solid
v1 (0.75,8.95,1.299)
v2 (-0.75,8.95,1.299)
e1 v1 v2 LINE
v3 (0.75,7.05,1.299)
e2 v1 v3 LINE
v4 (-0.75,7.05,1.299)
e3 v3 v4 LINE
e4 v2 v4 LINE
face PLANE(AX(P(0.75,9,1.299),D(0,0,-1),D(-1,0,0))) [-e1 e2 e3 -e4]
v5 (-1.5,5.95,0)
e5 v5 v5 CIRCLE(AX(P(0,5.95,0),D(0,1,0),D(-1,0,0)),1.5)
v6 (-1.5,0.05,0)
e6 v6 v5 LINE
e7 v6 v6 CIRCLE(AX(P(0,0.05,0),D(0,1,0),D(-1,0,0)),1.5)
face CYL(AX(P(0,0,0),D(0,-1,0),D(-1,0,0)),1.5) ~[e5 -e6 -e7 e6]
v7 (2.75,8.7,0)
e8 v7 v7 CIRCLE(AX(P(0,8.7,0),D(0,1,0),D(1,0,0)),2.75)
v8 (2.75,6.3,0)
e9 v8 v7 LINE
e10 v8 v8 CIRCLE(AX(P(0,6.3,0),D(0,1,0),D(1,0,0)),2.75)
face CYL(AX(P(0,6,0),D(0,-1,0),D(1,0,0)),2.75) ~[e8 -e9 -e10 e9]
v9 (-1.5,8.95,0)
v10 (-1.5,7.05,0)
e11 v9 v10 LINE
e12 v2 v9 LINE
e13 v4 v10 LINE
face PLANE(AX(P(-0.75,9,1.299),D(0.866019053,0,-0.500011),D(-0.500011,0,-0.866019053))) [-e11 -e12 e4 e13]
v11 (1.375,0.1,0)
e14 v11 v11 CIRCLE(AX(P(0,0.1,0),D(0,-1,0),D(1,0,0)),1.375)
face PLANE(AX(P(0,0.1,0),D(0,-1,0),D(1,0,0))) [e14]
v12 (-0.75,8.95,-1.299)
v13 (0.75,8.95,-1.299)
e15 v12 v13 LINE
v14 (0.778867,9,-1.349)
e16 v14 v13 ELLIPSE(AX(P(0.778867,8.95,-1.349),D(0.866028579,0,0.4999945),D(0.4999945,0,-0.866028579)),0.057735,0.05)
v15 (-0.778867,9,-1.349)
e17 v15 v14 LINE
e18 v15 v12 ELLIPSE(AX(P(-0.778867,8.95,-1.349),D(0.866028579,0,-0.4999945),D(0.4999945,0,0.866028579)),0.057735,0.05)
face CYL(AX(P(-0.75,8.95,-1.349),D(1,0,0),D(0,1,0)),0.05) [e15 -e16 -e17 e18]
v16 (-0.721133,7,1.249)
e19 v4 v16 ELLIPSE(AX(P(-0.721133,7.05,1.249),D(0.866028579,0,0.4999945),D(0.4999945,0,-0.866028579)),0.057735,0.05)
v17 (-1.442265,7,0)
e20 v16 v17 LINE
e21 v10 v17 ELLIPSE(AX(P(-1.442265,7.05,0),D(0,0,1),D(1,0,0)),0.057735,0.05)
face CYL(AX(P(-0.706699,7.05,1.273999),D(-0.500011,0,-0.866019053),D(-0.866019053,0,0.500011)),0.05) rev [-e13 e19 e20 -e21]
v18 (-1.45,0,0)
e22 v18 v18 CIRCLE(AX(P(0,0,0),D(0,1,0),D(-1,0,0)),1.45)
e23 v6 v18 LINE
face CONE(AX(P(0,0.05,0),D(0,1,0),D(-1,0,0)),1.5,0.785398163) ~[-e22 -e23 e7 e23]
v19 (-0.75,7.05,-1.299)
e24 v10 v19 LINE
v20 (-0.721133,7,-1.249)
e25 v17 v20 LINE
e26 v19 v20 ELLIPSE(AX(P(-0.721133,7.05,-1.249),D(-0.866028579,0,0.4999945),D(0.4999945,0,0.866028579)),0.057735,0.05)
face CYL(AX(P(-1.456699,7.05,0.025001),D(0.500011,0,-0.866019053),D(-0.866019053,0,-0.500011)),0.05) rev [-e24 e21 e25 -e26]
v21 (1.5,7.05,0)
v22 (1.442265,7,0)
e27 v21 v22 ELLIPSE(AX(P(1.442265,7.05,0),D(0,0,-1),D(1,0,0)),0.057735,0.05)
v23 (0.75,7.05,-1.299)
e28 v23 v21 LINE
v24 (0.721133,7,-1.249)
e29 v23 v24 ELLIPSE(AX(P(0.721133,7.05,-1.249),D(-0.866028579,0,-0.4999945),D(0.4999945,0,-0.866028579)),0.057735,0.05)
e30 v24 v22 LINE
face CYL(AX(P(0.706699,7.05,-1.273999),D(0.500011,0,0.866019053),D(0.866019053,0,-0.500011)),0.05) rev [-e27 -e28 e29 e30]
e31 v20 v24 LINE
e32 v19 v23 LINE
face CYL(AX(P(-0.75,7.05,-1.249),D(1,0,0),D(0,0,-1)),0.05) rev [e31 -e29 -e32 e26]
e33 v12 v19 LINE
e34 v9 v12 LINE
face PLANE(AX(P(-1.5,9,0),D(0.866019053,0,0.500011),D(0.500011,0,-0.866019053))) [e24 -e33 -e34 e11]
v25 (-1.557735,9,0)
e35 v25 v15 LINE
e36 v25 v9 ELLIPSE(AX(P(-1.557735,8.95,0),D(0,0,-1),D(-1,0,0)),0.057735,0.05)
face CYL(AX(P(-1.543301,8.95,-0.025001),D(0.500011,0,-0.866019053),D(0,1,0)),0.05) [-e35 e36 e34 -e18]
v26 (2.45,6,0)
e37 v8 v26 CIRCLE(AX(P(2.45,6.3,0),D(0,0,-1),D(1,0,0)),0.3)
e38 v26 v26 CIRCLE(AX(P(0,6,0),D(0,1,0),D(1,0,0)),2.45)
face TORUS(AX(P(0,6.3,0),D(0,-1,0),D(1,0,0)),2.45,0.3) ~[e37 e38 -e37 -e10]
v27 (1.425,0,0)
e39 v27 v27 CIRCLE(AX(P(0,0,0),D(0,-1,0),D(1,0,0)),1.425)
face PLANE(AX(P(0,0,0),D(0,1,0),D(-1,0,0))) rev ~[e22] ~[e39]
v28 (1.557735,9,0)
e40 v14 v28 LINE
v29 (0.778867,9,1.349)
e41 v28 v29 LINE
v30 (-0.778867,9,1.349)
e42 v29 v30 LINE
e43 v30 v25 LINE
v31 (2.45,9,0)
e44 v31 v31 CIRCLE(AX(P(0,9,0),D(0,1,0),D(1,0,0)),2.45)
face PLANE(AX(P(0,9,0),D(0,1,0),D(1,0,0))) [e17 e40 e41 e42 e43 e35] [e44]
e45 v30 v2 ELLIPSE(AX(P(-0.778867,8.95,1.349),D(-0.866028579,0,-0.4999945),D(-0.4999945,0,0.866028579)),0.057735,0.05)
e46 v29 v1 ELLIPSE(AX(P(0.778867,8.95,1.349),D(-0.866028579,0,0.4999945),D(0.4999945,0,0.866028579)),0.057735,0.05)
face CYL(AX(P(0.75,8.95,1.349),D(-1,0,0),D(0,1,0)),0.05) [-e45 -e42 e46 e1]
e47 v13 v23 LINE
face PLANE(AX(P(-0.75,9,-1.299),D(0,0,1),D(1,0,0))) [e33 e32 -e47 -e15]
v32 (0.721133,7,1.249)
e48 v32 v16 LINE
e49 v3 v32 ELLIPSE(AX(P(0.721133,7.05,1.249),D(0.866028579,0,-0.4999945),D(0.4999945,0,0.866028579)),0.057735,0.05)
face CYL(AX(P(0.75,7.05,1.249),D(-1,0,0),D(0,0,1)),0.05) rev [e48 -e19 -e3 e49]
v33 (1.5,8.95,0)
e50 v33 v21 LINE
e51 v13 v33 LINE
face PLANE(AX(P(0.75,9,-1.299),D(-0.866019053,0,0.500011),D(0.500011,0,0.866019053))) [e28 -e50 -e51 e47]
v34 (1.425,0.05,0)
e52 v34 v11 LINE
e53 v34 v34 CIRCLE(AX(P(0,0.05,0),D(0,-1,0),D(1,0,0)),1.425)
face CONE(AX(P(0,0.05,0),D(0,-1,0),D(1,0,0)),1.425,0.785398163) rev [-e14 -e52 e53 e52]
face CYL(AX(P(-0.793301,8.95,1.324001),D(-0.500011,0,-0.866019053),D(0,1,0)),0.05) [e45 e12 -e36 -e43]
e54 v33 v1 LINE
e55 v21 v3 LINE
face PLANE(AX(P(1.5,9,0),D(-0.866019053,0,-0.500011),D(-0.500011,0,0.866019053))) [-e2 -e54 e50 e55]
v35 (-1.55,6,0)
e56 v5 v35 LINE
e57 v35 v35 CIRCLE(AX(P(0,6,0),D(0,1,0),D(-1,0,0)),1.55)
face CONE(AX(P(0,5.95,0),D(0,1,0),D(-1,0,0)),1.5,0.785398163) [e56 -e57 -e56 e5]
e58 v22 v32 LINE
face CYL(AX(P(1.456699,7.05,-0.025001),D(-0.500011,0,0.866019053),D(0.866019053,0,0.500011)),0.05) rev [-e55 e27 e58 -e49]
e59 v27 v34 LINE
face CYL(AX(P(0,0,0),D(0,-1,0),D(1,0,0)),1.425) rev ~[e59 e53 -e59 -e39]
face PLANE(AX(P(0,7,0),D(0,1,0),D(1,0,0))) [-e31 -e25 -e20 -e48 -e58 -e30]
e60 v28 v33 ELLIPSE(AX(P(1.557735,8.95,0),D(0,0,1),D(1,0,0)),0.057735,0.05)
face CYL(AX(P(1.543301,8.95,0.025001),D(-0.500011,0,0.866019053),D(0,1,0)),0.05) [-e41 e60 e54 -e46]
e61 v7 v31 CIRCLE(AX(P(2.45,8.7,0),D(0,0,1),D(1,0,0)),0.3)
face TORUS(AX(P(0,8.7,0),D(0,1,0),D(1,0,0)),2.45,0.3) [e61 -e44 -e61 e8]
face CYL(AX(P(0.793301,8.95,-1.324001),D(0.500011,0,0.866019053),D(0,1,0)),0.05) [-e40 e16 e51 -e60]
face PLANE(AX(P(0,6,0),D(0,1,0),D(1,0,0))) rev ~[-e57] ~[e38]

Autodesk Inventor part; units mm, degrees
ref_plane "YZ Plane" through (0, 0, 0) normal (1, 0, 0) x (0, 1, 0)
ref_plane "XZ Plane" through (0, 0, 0) normal (0, 1, 0) x (-1, 0, 0)
ref_plane "XY Plane" through (0, 0, 0) normal (0, 0, 1) x (1, 0, 0)
sketch "Sketch1" plane through (0, 0, 0) normal (0, 1, 0) x (-1, 0, 0)
  circle A0 centre (0, 0) radius 1.5
  dimension "d1" = 3
extrude "Extrusion1" add sketch "Sketch1" along normal blind 6
sketch "Sketch2" plane through (0, 6, 0) normal (0, 1, 0) x (1, 0, 0)
  circle A0 centre (0, 0) radius 2.75
  dimension "d4" = 5.5
extrude "Extrusion2" add sketch "Sketch2" along normal blind 3
sketch "Sketch3" plane through (0, 9, 0) normal (0, 1, 0) x (1, 0, 0)
  line L0 (1.5, 0) -> (0.75, -1.299)
  line L1 (0.75, -1.299) -> (-0.75, -1.299)
  line L2 (-0.75, -1.299) -> (-1.5, 0)
  line L3 (-1.5, 0) -> (-0.75, 1.299)
  line L4 (-0.75, 1.299) -> (0.75, 1.299)
  line L5 (0.75, 1.299) -> (1.5, 0)
  point P0 (0, 0)
  point P1 (0, 0)
  dimension "d7" = 1.5
extrude "Extrusion3" cut sketch "Sketch3" against normal blind 2
thread "Thread1" size "M3x0.35" class "6g" standard "ISO Metric profile" length 6
fillet "Fillet1" radius 0.3 2 edges at (-2.75, 6, 0) (-2.75, 9, 0)
chamfer "Chamfer1" distance 0.05 angle 45 1 edges at (1.5, 0, 0)
chamfer "Chamfer2" distance 0.05 angle 45 1 edges at (1.5, 6, 0)
fillet "Fillet2" radius 0.05 12 edges at (0, 9, -1.299) (1.125, 9, -0.6495) (1.125, 9, 0.6495) (0, 9, 1.299) (-1.125, 9, 0.6495) (-1.125, 9, -0.6495) (0, 7, -1.299) (1.125, 7, -0.6495) (1.125, 7, 0.6495) (-1.125, 7, -0.6495) (-1.125, 7, 0.6495) (0, 7, 1.299)
sketch "Sketch4" plane through (0, 0, 0) normal (0, -1, 0) x (1, 0, 0)
  circle A0 centre (0, 0) radius 1.425
  dimension "d21" = 2.85
extrude "Extrusion4" cut sketch "Sketch4" against normal blind 0.1
chamfer "Chamfer3" distance 0.05 angle 45 1 edges at (-1.425, 0.1, 0)
properties part number "L Bolt M3 x 6 Stainless Steel"
